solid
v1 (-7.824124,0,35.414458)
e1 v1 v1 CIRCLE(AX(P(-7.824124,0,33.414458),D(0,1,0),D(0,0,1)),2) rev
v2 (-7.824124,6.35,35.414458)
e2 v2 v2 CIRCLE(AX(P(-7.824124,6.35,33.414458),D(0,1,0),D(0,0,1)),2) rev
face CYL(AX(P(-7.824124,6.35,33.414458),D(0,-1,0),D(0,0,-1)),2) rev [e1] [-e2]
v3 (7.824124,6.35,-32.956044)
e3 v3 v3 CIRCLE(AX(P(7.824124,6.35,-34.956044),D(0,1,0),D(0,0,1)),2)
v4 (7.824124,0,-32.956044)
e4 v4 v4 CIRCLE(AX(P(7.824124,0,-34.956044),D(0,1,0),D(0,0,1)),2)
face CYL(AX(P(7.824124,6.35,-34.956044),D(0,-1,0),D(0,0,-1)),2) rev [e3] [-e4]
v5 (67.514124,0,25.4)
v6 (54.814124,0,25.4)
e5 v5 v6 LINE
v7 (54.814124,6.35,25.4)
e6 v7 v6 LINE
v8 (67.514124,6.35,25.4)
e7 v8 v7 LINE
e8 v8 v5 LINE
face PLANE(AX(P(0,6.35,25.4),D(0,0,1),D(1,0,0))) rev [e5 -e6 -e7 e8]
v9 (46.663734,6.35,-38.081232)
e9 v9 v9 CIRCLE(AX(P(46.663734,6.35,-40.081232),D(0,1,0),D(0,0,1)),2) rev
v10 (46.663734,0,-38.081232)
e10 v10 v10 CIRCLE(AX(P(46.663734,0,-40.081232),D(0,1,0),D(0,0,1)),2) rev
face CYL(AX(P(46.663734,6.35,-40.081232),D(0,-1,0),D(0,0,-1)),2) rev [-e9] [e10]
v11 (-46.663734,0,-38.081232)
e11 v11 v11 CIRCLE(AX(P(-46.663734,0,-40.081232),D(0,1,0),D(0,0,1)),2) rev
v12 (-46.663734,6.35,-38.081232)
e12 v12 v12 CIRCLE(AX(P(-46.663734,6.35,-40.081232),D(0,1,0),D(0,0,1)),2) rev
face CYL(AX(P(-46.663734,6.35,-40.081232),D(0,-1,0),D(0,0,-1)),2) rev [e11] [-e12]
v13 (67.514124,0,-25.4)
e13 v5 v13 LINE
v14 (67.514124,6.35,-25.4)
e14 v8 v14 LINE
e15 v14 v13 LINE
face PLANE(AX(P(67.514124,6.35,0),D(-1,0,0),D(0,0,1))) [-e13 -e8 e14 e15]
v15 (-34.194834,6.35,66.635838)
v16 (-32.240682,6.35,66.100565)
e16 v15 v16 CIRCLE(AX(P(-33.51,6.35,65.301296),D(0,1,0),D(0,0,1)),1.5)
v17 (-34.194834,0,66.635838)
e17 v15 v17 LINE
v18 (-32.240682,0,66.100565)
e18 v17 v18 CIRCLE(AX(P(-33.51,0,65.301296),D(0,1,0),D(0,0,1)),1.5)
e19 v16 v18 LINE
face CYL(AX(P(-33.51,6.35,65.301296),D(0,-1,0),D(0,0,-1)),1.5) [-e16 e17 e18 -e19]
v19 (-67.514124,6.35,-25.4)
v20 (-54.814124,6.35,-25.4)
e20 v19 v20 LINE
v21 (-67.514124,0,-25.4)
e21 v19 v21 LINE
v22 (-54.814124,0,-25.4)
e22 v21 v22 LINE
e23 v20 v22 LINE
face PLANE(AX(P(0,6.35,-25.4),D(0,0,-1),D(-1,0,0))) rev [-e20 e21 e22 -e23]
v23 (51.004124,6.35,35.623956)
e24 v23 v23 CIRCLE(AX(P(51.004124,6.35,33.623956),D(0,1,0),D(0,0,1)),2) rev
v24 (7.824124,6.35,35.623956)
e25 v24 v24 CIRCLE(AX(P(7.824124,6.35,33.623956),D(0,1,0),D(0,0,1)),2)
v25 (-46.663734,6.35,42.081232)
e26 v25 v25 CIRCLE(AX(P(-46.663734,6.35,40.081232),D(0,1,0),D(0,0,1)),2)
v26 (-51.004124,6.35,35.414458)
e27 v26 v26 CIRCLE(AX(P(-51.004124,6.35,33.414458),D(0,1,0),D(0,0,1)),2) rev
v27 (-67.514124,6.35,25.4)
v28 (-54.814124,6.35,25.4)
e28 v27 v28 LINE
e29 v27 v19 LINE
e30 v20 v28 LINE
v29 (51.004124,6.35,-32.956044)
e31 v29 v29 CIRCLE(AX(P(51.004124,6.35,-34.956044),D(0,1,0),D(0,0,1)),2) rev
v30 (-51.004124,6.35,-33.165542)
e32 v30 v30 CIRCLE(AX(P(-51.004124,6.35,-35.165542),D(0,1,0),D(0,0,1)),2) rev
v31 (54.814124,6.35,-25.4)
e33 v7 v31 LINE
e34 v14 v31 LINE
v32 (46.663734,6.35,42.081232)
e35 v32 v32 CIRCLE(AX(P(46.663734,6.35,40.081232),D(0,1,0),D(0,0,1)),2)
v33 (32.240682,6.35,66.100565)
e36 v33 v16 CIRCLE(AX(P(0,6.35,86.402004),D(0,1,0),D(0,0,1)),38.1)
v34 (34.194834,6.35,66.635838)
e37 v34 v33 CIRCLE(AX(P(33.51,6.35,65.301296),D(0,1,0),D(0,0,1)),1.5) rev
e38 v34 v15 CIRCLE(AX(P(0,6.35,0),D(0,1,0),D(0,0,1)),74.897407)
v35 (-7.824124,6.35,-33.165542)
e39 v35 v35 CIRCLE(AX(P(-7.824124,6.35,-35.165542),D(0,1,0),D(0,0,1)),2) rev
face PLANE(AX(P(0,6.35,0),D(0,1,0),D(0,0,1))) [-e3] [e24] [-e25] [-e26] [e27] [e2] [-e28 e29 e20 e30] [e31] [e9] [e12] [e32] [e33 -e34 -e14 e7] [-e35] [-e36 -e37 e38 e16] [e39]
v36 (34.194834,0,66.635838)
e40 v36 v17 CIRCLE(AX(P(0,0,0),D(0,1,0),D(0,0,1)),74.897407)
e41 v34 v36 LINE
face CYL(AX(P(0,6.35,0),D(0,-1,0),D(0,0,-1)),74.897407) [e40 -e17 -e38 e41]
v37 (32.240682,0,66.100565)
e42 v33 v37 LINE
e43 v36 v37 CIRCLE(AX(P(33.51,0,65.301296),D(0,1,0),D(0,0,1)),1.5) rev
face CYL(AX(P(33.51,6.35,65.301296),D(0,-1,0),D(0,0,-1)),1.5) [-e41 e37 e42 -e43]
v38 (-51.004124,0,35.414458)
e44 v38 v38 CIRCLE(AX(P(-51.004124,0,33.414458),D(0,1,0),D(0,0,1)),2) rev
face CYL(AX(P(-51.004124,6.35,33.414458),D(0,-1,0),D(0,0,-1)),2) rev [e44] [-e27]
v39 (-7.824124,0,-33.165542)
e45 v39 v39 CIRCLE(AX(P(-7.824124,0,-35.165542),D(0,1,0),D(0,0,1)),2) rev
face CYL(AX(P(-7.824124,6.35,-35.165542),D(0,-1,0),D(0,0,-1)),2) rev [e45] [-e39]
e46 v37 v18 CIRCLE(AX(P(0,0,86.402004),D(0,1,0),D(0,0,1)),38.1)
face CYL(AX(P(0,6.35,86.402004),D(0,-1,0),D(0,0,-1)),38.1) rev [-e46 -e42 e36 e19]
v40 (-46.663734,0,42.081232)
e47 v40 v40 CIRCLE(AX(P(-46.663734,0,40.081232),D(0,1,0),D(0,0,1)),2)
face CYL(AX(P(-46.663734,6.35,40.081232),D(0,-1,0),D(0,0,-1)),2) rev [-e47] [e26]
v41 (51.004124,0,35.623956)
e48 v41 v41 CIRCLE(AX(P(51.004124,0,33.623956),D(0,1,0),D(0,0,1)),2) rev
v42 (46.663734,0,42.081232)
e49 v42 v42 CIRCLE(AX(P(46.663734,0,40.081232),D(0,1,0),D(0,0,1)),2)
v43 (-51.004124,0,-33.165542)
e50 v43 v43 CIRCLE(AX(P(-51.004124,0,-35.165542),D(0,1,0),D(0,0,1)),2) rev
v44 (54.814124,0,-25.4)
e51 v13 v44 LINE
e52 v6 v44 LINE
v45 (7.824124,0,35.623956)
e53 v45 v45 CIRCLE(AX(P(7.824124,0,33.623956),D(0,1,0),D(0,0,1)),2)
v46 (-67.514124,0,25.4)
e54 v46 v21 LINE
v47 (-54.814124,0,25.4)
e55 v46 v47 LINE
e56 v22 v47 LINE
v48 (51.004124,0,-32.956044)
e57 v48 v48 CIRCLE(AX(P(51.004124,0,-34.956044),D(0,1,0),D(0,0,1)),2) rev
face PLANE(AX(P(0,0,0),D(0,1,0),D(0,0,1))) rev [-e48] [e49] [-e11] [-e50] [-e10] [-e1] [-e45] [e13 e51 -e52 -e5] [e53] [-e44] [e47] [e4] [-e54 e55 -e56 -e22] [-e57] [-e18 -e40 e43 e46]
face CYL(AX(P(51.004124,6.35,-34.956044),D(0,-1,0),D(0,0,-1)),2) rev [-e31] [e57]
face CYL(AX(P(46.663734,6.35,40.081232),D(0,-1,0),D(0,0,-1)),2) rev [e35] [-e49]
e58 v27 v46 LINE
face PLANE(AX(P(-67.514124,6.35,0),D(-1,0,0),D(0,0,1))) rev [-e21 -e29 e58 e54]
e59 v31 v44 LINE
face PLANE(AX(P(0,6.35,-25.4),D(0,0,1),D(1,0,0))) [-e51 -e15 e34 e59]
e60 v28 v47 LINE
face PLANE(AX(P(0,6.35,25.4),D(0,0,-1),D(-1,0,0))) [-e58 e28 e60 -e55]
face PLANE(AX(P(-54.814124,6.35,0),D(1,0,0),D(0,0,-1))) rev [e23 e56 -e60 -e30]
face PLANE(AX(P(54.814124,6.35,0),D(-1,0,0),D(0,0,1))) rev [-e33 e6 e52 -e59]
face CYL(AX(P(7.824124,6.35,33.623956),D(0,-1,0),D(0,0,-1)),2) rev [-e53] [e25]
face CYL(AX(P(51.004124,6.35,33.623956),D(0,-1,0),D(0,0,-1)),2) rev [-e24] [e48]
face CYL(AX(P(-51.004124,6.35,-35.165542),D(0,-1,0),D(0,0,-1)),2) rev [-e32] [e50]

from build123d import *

# Parameters (mm, degrees)
SKETCH1_R           = 2
SKETCH1_W           = 12.7
SKETCH1_H           = 50.8
BOSS_EXTRUDE3_DEPTH = 6.35


with BuildPart() as part:
    # Sketch1 → Boss-Extrude3 (new body)
    with BuildSketch(Plane(origin=(0, 0, 0), x_dir=(1, 0, 0), z_dir=(0, 1, 0))):
        with BuildLine():
            ThreePointArc((32.240681933, -66.10056535), (0, -48.302004425), (-32.240681933, -66.10056535))
            ThreePointArc((-32.240681933, -66.10056535), (-33.11372382, -66.748004461), (-34.194833578, -66.63583839))
            ThreePointArc((-34.194833578, -66.63583839), (0, 74.897407173), (34.194833578, -66.63583839))
            ThreePointArc((34.194833578, -66.63583839), (33.11372382, -66.748004461), (32.240681933, -66.10056535))
        make_face()
        with Locations((-51.004123727, -33.414457974)):
            Circle(SKETCH1_R, mode=Mode.SUBTRACT)
        with Locations((7.824123727, -33.623956053)):
            Circle(SKETCH1_R, mode=Mode.SUBTRACT)
        with Locations((51.004123727, -33.623956053)):
            Circle(SKETCH1_R, mode=Mode.SUBTRACT)
        with Locations((51.004123727, 34.956043947)):
            Circle(SKETCH1_R, mode=Mode.SUBTRACT)
        with Locations((-7.824123727, 35.165542026)):
            Circle(SKETCH1_R, mode=Mode.SUBTRACT)
        with Locations((-7.824123727, -33.414457974)):
            Circle(SKETCH1_R, mode=Mode.SUBTRACT)
        with Locations((-51.004123727, 35.165542026)):
            Circle(SKETCH1_R, mode=Mode.SUBTRACT)
        with Locations((-46.663733983, -40.081231883)):
            Circle(SKETCH1_R, mode=Mode.SUBTRACT)
        with Locations((46.663733983, -40.081231883)):
            Circle(SKETCH1_R, mode=Mode.SUBTRACT)
        with Locations((46.663733983, 40.081231883)):
            Circle(SKETCH1_R, mode=Mode.SUBTRACT)
        with Locations((-46.663733983, 40.081231883)):
            Circle(SKETCH1_R, mode=Mode.SUBTRACT)
        with Locations((7.824123727, 34.956043947)):
            Circle(SKETCH1_R, mode=Mode.SUBTRACT)
        with Locations((61.164123727, 0)):
            Rectangle(SKETCH1_W, SKETCH1_H, mode=Mode.SUBTRACT)
        with Locations((-61.164123727, 0)):
            Rectangle(SKETCH1_W, SKETCH1_H, mode=Mode.SUBTRACT)
    extrude(amount=BOSS_EXTRUDE3_DEPTH)


solid = part.part
